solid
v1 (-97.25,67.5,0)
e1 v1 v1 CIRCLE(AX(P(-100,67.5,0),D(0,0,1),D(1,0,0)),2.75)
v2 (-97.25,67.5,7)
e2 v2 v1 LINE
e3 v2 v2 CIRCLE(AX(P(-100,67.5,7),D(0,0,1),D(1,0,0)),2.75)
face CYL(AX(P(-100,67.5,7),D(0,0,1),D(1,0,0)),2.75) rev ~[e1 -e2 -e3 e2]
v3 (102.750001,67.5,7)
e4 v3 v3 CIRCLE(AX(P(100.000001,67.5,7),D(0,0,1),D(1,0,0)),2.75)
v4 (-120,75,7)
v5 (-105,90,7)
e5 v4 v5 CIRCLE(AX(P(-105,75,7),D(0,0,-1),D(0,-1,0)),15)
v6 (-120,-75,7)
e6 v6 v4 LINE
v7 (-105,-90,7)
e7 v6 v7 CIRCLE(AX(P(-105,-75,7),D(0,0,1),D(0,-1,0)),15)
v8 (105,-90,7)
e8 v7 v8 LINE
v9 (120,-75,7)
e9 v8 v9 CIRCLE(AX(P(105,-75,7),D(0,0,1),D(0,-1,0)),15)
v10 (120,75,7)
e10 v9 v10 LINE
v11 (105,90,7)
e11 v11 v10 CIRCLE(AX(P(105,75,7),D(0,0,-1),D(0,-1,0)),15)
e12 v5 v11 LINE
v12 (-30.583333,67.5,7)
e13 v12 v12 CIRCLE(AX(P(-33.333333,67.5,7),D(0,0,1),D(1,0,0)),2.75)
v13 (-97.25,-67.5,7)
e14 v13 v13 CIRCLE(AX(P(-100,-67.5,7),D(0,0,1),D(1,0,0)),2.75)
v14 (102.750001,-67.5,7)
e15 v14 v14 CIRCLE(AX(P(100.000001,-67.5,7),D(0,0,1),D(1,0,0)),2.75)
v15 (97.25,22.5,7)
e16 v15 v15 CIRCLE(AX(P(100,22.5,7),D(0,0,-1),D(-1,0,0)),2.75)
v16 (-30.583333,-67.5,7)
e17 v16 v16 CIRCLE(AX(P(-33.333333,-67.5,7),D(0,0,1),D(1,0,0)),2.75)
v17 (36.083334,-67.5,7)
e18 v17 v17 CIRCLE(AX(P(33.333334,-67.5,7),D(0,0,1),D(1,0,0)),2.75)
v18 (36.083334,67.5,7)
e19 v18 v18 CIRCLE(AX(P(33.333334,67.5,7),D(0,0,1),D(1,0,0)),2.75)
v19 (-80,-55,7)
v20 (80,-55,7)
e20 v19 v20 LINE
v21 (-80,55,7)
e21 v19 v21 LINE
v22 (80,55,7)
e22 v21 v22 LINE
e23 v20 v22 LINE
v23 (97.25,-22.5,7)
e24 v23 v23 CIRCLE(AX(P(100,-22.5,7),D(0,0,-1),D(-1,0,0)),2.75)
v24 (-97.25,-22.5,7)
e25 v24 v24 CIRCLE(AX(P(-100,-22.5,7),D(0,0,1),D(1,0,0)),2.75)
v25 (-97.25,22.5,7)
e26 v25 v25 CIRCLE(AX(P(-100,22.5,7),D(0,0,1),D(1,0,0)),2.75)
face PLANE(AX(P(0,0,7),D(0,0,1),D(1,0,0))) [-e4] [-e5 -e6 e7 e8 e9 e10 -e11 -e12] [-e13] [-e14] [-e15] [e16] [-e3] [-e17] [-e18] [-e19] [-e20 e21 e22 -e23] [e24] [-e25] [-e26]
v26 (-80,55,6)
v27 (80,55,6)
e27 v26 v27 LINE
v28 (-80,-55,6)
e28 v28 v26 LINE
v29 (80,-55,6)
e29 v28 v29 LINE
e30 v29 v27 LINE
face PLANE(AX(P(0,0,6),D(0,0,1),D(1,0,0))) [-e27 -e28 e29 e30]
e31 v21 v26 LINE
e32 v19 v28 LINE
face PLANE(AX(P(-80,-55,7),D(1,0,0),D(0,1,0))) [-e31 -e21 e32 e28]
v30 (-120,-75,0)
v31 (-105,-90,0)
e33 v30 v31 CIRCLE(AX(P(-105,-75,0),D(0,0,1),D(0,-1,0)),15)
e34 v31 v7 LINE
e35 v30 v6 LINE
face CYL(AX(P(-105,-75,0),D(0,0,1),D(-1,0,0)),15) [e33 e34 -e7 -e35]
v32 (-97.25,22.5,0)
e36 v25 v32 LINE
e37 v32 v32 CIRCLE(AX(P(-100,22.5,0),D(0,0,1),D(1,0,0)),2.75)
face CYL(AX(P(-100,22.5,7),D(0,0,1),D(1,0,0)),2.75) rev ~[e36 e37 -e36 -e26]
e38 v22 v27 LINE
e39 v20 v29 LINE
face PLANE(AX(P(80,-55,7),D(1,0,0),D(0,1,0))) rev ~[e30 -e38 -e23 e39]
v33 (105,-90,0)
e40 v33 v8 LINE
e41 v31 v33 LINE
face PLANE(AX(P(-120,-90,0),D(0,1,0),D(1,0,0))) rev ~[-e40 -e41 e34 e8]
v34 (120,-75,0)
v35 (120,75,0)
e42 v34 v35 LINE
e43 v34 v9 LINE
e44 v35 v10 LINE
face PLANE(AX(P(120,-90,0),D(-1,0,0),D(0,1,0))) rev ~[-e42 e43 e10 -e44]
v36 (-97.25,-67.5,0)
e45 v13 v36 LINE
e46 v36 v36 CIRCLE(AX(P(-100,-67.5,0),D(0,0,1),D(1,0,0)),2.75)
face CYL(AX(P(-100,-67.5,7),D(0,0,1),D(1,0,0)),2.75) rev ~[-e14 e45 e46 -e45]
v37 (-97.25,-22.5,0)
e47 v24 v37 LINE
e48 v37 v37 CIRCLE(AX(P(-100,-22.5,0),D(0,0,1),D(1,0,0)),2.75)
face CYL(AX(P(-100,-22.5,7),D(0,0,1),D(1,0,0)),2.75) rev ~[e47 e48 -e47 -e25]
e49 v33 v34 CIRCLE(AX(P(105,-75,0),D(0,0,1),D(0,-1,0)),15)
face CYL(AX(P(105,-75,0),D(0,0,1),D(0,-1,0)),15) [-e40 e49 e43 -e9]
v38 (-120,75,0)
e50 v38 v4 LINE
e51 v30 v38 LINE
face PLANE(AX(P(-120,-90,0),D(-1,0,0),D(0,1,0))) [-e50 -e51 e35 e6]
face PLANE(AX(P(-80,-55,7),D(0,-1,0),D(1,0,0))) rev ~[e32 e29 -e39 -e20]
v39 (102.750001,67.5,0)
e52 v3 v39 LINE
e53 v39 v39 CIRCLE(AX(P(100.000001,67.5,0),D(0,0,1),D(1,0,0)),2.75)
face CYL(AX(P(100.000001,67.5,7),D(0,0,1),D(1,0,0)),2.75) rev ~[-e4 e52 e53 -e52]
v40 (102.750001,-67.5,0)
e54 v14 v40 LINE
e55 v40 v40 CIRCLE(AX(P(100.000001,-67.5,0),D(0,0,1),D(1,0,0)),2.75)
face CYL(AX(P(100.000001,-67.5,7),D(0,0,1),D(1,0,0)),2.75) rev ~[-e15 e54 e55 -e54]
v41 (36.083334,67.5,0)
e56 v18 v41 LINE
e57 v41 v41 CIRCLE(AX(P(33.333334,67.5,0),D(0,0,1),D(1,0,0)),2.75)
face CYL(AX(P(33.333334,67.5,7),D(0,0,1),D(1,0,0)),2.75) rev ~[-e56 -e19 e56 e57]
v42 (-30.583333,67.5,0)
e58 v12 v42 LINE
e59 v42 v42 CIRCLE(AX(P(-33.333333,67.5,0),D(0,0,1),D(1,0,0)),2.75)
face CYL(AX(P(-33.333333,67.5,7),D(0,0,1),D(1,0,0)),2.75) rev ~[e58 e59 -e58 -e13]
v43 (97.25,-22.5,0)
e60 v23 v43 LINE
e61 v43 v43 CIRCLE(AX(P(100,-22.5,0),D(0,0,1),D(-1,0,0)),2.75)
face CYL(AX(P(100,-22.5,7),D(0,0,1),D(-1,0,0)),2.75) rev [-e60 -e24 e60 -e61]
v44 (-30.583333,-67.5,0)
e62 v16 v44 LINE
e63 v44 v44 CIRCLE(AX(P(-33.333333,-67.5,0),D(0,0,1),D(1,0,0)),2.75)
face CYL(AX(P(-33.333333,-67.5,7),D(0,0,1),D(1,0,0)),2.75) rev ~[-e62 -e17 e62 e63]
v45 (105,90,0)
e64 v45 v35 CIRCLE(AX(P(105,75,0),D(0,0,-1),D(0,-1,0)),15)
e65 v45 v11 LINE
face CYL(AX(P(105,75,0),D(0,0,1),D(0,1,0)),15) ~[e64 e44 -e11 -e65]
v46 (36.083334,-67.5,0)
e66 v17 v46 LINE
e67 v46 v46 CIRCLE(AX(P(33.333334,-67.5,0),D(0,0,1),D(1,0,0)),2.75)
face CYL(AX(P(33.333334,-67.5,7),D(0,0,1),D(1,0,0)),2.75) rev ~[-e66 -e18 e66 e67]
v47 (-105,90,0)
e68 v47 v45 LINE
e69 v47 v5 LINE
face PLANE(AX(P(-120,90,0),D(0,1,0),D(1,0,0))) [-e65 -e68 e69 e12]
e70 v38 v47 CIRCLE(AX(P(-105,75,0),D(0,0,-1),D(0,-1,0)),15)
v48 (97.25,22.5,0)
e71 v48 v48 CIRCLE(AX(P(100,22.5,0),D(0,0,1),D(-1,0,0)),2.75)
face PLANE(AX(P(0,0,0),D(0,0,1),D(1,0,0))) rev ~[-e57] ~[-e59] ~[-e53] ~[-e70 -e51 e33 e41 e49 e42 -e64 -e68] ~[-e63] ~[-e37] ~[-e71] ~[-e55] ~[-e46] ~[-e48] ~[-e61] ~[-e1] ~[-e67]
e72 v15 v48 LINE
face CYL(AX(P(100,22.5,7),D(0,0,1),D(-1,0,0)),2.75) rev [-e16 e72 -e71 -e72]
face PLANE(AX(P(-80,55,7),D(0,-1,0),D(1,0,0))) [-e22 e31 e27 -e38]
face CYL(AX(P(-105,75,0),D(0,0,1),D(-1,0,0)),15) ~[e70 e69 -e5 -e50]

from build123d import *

# Parameters (mm, degrees)
SKETCH003_W         = 240
SKETCH003_H         = 180
PAD002_DEPTH        = 7
SKETCH004_R         = 2.75
POCKET_DEPTH        = 7.001
LINEARPATTERN_COUNT = 4
LINEARPATTERN_PITCH = 66.666667
SKETCH041_R         = 2.75
POCKET001_DEPTH     = 607.164311
SKETCH_W            = 160
SKETCH_H            = 110
POCKET002_DEPTH     = 1
FILLET_R            = 15


with BuildPart() as part:
    # Sketch003 → Pad002 (new body)
    with BuildSketch(Plane.XY):
        Rectangle(SKETCH003_W, SKETCH003_H)
    extrude(amount=PAD002_DEPTH)

    # Sketch004 (on Face6 of Pad002) → Pocket (cut, through all)
    with BuildSketch(Plane.XY.offset(7)):
        with Locations((-100, 67.5)):
            Circle(SKETCH004_R)
        with Locations((-100, -67.5)):
            Circle(SKETCH004_R)
    pocket = extrude(amount=-POCKET_DEPTH, mode=Mode.SUBTRACT)

    # LinearPattern: Pocket ×4
    with Locations(*[(i * LINEARPATTERN_PITCH, 0, 0) for i in range(1, LINEARPATTERN_COUNT)]):
        add(pocket, mode=Mode.SUBTRACT)

    # Sketch041 (on Face5 of LinearPattern) → Pocket001 (cut, through all)
    with BuildSketch(Plane.XY.offset(7)):
        with Locations((-100, 22.5)):
            Circle(SKETCH041_R)
        with Locations((-100, -22.5)):
            Circle(SKETCH041_R)
    pocket001 = extrude(amount=-POCKET001_DEPTH, mode=Mode.SUBTRACT)

    # Mirrored: Pocket001 across YZ
    add(pocket001.mirror(Plane.YZ), mode=Mode.SUBTRACT)

    # Sketch (on Face5 of Mirrored) → Pocket002 (cut)
    with BuildSketch(Plane.XY.offset(7)):
        Rectangle(SKETCH_W, SKETCH_H)
    extrude(amount=-POCKET002_DEPTH, mode=Mode.SUBTRACT)

    # Fillet
    fillet_edges = [part.edges().sort_by_distance(p)[0] for p in [
        (-120, -90, 3.5),
        (-120, 90, 3.5),
        (120, 90, 3.5),
        (120, -90, 3.5),
    ]]
    fillet(fillet_edges, radius=FILLET_R)


solid = part.part
